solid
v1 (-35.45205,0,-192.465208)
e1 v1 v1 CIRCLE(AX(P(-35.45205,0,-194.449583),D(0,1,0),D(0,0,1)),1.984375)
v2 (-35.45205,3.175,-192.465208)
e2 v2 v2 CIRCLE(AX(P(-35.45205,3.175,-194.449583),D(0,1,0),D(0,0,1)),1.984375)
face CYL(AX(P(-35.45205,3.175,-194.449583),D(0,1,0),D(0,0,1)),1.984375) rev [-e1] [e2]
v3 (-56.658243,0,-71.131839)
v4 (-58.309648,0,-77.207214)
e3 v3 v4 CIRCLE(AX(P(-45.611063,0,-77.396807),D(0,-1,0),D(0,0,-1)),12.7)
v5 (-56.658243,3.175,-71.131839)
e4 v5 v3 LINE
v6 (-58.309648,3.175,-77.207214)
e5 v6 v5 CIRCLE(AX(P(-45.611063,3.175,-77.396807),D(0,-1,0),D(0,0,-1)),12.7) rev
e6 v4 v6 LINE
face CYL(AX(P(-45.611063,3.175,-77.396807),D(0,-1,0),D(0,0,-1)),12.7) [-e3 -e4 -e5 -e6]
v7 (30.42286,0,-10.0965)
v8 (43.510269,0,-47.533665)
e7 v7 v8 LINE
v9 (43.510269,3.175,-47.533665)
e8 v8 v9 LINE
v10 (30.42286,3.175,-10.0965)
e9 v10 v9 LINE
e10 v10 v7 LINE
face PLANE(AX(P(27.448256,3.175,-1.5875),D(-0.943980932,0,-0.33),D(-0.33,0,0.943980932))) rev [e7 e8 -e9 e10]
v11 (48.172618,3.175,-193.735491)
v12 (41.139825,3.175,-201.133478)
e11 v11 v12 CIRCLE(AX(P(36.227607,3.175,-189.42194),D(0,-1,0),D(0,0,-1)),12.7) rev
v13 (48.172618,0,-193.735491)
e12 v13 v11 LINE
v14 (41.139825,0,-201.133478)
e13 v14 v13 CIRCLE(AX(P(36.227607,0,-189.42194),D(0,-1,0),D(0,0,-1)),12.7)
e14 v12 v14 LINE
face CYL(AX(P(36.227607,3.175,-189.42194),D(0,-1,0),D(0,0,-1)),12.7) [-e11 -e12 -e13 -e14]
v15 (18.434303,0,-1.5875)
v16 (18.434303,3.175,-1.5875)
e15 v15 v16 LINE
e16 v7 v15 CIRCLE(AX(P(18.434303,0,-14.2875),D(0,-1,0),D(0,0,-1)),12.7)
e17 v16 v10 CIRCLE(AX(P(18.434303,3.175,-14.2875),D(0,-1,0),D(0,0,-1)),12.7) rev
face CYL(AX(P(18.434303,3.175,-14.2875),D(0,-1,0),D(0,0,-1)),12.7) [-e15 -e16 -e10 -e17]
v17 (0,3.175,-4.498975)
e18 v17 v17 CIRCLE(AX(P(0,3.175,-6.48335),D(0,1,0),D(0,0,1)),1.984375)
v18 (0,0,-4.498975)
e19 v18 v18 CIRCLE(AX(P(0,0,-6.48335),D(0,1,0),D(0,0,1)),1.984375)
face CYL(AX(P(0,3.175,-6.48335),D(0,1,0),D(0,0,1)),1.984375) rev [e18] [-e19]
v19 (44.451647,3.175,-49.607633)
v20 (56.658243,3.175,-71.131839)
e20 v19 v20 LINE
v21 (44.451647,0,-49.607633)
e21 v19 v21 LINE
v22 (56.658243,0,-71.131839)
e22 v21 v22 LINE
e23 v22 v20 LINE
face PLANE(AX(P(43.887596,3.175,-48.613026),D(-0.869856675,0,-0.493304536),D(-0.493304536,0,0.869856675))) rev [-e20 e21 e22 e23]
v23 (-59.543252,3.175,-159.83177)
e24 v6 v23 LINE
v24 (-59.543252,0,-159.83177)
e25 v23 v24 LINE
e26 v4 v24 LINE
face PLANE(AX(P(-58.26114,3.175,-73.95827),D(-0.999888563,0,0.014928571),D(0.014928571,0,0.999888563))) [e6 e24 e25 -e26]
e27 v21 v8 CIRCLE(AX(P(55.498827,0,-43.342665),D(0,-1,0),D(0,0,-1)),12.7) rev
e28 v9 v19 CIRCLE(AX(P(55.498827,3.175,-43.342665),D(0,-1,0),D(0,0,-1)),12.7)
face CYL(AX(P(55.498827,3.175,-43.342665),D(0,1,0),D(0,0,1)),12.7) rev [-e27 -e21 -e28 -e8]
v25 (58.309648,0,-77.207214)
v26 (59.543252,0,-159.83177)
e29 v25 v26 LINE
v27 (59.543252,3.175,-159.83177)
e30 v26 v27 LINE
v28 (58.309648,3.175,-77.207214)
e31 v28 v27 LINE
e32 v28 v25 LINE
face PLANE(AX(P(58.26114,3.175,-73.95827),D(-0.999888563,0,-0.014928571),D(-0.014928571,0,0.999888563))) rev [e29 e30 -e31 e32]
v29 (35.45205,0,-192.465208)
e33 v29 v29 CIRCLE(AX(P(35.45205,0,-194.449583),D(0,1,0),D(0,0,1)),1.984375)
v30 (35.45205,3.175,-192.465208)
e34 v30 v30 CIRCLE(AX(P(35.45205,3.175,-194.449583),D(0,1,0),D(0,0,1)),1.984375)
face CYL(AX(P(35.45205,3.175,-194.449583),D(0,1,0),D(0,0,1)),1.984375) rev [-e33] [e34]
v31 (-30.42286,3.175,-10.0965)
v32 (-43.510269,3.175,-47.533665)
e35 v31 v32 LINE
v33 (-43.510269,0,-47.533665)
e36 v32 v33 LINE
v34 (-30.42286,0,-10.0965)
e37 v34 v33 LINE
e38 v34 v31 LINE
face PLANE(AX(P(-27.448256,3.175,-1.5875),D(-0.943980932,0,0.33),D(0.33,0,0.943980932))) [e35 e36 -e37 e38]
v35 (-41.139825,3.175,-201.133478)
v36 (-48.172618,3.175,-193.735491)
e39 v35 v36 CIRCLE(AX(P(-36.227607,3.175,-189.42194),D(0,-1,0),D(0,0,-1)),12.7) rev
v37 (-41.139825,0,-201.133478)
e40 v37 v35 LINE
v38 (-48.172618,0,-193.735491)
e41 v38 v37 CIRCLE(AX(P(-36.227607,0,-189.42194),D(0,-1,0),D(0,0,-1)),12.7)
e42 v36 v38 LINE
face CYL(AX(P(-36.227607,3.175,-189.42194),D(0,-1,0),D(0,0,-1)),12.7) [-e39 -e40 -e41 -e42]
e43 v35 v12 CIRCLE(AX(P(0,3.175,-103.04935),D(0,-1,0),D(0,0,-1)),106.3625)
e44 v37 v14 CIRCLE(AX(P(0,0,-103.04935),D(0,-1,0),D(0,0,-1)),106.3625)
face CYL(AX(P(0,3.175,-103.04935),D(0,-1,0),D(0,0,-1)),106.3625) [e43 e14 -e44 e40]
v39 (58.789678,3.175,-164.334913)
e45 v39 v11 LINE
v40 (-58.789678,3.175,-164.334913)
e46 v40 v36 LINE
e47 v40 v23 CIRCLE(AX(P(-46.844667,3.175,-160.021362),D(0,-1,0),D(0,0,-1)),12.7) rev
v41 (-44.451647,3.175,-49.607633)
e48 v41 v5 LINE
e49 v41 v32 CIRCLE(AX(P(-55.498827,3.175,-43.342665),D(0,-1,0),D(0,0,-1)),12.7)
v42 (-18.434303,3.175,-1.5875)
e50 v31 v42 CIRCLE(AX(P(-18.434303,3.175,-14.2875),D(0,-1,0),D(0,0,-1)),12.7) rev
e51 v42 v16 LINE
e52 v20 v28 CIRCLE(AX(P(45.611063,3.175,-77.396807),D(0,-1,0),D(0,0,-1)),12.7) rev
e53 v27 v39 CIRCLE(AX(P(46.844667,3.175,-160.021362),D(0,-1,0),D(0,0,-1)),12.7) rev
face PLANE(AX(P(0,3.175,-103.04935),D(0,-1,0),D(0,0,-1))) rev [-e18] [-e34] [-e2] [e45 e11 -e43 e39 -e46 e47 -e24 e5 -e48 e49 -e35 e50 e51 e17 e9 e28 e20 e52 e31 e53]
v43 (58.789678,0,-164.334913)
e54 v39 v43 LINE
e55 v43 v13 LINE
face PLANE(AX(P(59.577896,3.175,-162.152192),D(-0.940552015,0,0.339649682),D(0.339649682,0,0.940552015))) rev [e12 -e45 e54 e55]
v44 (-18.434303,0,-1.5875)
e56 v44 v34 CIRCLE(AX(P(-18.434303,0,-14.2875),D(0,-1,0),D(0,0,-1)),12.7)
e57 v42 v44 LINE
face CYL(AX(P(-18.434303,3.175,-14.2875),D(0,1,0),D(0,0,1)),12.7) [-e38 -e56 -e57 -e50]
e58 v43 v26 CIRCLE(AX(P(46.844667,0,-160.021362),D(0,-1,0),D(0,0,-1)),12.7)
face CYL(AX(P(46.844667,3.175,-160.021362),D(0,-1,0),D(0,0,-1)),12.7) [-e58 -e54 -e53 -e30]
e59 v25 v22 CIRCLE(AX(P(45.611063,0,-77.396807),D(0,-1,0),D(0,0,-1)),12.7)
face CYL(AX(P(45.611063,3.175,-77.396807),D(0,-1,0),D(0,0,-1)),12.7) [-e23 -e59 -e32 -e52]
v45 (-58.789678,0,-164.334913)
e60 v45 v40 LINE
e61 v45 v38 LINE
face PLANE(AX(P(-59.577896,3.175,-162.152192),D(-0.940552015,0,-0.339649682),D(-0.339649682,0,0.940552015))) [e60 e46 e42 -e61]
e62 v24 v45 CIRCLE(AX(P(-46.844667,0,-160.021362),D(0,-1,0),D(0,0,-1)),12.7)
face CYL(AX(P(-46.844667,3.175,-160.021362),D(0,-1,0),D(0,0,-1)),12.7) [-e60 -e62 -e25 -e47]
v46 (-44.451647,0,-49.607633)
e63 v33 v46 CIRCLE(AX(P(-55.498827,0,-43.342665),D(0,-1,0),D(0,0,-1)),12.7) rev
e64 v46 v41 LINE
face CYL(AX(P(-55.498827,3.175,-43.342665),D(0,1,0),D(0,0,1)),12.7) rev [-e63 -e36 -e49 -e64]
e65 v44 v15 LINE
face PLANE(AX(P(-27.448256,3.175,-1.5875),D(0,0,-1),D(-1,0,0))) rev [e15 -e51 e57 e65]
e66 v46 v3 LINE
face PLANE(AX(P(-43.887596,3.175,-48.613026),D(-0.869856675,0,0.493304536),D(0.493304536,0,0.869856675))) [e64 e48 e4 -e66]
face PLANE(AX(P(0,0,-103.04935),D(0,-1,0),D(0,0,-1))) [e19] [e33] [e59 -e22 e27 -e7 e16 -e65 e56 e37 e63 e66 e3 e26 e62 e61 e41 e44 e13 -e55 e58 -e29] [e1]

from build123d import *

# Parameters (mm, degrees)
BOSS_EXTRUDE1_DEPTH             = 3.175
F_5_32_0_15625_DIAMETER_HOLE1_D = 3.96875
FILLET1_R                       = 12.7


with BuildPart() as part:
    # Sketch1 → Boss-Extrude1 (new body)
    with BuildSketch(Plane(origin=(0, 0, 0), x_dir=(1, 0, 0), z_dir=(0, 1, 0))):
        with BuildLine():
            Line((-58.261140344, 73.958269638), (-59.57789635, 162.152192036))
            Line((-59.57789635, 162.152192036), (-46.350471986, 198.78134649))
            ThreePointArc((-46.350471986, 198.78134649), (0, 209.411849995), (46.350471986, 198.78134649))
            Line((46.350471986, 198.78134649), (59.57789635, 162.152192036))
            Line((59.57789635, 162.152192036), (58.261140344, 73.958269638))
            Line((58.261140344, 73.958269638), (43.887596105, 48.613026492))
            Line((43.887596105, 48.613026492), (27.448255842, 1.5875))
            Line((27.448255842, 1.5875), (-27.448255842, 1.5875))
            Line((-27.448255842, 1.5875), (-43.887596105, 48.613026492))
            Line((-43.887596105, 48.613026492), (-58.261140344, 73.958269638))
        make_face()
    extrude(amount=BOSS_EXTRUDE1_DEPTH)

    # 5/32 (0.15625) Diameter Hole1 (through all)
    with Locations(Plane(origin=(0, 3.175, 0), x_dir=(1, 0, 0), z_dir=(0, 1, 0))):
        with Locations((0, 6.48335), (-35.45205, 194.449583064), (35.45205, 194.449583064)):
            Hole(F_5_32_0_15625_DIAMETER_HOLE1_D / 2)

    # Fillet1
    fillet1_edges = [part.edges().sort_by_distance(p)[0] for p in [
        (-59.57789635, 1.5875, -162.152192036),
        (-58.261140344, 1.5875, -73.958269638),
        (-43.887596105, 1.5875, -48.613026492),
        (-27.448255842, 1.5875, -1.5875),
        (27.448255842, 1.5875, -1.5875),
        (43.887596105, 1.5875, -48.613026492),
        (58.261140344, 1.5875, -73.958269638),
        (59.57789635, 1.5875, -162.152192036),
        (46.350471986, 1.5875, -198.78134649),
        (-46.350471986, 1.5875, -198.78134649),
    ]]
    fillet(fillet1_edges, radius=FILLET1_R)


solid = part.part
